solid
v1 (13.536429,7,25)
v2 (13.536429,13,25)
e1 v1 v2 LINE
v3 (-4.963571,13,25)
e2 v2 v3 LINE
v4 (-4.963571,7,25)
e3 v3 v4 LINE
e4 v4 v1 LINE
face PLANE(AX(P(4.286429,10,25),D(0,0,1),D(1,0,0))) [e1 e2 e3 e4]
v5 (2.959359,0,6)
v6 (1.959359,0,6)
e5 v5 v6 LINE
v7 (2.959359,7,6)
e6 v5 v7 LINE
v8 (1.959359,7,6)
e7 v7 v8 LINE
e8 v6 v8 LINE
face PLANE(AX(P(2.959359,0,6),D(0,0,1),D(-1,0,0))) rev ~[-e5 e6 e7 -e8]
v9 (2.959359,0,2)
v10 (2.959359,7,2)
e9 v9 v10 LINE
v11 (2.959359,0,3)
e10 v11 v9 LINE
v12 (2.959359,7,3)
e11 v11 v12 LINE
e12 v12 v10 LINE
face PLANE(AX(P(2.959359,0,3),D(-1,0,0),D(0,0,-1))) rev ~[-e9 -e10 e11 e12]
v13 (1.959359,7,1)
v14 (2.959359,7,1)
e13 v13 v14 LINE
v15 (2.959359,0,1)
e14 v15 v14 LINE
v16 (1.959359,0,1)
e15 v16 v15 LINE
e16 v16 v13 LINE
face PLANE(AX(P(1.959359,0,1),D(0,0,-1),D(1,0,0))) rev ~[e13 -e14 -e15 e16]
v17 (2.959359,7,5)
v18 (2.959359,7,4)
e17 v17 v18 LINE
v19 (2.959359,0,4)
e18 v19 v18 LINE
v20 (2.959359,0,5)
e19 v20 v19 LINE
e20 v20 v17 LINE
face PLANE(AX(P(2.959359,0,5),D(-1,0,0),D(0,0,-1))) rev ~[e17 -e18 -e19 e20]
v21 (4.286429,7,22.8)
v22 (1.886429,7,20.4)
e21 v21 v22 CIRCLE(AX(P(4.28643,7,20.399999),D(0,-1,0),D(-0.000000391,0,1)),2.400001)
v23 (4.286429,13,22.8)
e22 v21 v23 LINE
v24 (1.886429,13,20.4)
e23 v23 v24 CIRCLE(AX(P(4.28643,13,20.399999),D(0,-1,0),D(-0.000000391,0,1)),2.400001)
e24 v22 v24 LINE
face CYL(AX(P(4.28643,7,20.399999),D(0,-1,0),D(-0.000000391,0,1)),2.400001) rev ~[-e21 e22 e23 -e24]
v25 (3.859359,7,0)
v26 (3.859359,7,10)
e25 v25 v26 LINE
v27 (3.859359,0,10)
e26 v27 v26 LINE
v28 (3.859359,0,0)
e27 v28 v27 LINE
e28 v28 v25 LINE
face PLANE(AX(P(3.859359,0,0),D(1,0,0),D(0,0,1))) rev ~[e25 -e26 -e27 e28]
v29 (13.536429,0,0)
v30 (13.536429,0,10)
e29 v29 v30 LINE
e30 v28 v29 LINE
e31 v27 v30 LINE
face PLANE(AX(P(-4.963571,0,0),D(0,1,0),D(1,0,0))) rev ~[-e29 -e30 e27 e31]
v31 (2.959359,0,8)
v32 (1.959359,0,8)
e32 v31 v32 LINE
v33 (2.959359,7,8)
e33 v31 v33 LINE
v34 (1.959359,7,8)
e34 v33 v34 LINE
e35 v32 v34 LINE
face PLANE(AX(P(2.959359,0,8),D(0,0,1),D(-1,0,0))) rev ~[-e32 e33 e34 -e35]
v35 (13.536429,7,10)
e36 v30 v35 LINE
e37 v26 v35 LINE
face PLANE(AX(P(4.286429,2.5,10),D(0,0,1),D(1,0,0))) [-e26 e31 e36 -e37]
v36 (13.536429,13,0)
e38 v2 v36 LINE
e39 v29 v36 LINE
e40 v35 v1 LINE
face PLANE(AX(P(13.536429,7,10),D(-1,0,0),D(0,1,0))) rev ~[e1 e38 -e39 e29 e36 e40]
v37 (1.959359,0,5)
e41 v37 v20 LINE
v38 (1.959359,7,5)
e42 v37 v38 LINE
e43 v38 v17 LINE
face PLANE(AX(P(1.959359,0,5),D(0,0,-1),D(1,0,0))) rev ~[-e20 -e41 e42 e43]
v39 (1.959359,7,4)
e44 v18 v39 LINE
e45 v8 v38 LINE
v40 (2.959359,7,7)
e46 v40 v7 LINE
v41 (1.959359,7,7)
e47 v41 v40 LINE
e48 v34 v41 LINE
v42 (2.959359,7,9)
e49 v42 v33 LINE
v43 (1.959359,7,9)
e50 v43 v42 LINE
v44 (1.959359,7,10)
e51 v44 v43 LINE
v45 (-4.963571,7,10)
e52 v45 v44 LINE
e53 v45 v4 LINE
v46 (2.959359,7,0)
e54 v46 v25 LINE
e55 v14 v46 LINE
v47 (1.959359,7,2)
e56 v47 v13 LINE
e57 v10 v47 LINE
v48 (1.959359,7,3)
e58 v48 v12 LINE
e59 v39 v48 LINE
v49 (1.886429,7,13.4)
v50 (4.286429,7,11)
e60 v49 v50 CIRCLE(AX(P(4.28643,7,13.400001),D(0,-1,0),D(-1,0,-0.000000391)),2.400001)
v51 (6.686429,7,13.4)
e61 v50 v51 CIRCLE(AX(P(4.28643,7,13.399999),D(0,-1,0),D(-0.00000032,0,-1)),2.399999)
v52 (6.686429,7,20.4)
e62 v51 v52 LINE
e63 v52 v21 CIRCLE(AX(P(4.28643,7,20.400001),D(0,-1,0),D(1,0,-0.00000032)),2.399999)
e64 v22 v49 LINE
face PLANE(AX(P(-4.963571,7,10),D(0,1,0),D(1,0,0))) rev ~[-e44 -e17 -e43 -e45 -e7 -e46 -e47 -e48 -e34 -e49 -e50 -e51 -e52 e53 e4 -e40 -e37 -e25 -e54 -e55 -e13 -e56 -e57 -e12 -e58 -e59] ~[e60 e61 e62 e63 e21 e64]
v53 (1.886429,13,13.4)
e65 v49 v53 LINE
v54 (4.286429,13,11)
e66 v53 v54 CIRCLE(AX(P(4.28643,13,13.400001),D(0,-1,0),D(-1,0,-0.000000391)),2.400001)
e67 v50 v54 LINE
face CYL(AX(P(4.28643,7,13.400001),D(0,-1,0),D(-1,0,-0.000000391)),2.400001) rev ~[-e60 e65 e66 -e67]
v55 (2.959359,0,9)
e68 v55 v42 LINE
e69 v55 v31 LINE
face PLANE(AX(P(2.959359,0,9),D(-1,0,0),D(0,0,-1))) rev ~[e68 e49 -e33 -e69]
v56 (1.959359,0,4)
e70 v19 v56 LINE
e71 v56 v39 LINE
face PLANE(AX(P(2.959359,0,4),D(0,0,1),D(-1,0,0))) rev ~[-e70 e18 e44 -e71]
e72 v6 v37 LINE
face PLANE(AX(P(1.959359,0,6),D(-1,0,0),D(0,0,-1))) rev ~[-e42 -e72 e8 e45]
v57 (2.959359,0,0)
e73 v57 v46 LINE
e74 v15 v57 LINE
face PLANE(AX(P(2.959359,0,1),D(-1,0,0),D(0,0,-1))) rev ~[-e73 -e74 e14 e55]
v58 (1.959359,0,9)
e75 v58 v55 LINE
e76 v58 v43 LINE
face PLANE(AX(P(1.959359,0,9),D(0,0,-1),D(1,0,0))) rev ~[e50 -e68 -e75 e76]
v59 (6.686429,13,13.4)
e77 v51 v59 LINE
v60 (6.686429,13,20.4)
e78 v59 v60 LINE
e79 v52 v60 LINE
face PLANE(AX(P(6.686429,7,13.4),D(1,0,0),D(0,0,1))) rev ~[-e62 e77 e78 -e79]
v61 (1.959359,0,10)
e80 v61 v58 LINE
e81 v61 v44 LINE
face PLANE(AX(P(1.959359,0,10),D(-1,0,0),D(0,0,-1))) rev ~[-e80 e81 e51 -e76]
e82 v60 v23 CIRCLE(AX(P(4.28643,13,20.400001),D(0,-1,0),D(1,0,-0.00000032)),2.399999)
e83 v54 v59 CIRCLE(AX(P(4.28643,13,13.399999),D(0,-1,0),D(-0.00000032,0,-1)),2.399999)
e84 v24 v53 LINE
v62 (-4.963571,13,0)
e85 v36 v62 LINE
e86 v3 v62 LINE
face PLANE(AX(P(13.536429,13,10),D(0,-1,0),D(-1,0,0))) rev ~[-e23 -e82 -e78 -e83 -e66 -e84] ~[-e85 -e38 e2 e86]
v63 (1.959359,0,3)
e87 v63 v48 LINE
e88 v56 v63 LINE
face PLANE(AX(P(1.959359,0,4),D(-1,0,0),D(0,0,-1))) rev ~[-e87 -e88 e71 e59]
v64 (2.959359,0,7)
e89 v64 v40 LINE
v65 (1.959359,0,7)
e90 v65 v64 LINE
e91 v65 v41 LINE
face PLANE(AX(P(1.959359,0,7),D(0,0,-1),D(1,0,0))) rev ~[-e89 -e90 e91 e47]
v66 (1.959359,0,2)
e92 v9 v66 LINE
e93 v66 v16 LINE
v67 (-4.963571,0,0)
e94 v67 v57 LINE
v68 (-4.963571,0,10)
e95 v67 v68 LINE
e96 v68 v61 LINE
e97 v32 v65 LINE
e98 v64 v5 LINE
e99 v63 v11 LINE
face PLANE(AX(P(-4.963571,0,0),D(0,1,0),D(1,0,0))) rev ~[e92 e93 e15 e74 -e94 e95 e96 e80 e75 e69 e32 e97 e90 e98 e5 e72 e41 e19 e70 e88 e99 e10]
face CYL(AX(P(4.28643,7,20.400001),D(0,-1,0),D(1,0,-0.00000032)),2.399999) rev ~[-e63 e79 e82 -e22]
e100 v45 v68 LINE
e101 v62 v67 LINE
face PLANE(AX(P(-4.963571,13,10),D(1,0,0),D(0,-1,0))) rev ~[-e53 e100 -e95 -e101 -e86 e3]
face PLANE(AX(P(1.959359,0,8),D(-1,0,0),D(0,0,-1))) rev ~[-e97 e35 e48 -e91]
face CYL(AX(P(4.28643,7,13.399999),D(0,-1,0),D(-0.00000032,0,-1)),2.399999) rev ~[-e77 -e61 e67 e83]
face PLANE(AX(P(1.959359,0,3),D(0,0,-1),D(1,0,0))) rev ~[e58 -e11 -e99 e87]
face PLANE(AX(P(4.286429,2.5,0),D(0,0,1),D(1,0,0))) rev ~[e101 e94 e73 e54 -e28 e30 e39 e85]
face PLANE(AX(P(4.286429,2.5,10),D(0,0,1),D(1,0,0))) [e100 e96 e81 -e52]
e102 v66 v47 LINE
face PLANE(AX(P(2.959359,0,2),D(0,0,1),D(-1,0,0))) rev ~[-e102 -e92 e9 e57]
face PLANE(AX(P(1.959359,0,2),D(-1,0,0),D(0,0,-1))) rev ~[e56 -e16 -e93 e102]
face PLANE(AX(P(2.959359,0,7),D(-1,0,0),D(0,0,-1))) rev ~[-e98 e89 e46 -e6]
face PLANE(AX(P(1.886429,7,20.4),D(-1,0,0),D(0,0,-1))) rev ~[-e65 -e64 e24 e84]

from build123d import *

# Parameters (mm, degrees)
F0_W     = 18.5
F0_H     = 5
F0_W_2   = 3
F0_H_2   = 0.95
F1_DEPTH = 10
F3_DEPTH = 7
F5_DEPTH = 15
F7_DEPTH = 25


with BuildPart() as f1:
    # F0 (on Top) → F1 (new body)
    with BuildSketch(Plane.XY):
        with Locations((4.286429, 2.5)):
            Rectangle(F0_W, F0_H)
        Polygon((-4.963571, 12.05), (-4.963571, 5), (13.536429, 5), (13.536429, 12.05), (10.536429, 12.05), (10.536429, 13), (-1.963571, 13), (-1.963571, 12.05), align=None)
        with Locations((-3.463571, 12.525)):
            Rectangle(F0_W_2, F0_H_2)
        with Locations((12.036429, 12.525)):
            Rectangle(F0_W_2, F0_H_2)
    extrude(amount=F1_DEPTH)

    # F2 (on face) → F3 (cut)
    with BuildSketch(Plane.XZ):
        Polygon((3.859359, 10), (1.959359, 10), (1.959359, 9), (2.959359, 9), (2.959359, 8), (1.959359, 8), (1.959359, 7), (2.959359, 7), (2.959359, 6), (1.959359, 6), (1.959359, 5), (2.959359, 5), (2.959359, 4), (1.959359, 4), (1.959359, 3), (2.959359, 3), (2.959359, 2), (1.959359, 2), (1.959359, 1), (2.959359, 1), (2.959359, 0), (3.859359, 0), align=None)
    extrude(amount=-F3_DEPTH, mode=Mode.SUBTRACT)

    # F4 (on face) → F5 (join)
    with BuildSketch(Plane.XY.offset(10)):
        Polygon((-4.963571, 13), (-4.963571, 7), (1.959359, 7), (3.859359, 7), (13.536429, 7), (13.536429, 13), align=None)
    extrude(amount=F5_DEPTH)

    # F6 (on face) → F7 (cut)
    with BuildSketch(Plane.XZ.offset(-7)):
        with BuildLine():
            Line((6.686429, 13.4), (6.686429, 20.4))
            ThreePointArc((6.686429, 20.4), (5.983486, 22.097056), (4.286429, 22.8))
            ThreePointArc((4.286429, 22.8), (2.589373, 22.097056), (1.886429, 20.4))
            Line((1.886429, 20.4), (1.886429, 13.4))
            ThreePointArc((1.886429, 13.4), (2.589373, 11.702944), (4.286429, 11))
            ThreePointArc((4.286429, 11), (5.983486, 11.702944), (6.686429, 13.4))
        make_face()
    extrude(amount=-F7_DEPTH, mode=Mode.SUBTRACT)


solid = f1.part
